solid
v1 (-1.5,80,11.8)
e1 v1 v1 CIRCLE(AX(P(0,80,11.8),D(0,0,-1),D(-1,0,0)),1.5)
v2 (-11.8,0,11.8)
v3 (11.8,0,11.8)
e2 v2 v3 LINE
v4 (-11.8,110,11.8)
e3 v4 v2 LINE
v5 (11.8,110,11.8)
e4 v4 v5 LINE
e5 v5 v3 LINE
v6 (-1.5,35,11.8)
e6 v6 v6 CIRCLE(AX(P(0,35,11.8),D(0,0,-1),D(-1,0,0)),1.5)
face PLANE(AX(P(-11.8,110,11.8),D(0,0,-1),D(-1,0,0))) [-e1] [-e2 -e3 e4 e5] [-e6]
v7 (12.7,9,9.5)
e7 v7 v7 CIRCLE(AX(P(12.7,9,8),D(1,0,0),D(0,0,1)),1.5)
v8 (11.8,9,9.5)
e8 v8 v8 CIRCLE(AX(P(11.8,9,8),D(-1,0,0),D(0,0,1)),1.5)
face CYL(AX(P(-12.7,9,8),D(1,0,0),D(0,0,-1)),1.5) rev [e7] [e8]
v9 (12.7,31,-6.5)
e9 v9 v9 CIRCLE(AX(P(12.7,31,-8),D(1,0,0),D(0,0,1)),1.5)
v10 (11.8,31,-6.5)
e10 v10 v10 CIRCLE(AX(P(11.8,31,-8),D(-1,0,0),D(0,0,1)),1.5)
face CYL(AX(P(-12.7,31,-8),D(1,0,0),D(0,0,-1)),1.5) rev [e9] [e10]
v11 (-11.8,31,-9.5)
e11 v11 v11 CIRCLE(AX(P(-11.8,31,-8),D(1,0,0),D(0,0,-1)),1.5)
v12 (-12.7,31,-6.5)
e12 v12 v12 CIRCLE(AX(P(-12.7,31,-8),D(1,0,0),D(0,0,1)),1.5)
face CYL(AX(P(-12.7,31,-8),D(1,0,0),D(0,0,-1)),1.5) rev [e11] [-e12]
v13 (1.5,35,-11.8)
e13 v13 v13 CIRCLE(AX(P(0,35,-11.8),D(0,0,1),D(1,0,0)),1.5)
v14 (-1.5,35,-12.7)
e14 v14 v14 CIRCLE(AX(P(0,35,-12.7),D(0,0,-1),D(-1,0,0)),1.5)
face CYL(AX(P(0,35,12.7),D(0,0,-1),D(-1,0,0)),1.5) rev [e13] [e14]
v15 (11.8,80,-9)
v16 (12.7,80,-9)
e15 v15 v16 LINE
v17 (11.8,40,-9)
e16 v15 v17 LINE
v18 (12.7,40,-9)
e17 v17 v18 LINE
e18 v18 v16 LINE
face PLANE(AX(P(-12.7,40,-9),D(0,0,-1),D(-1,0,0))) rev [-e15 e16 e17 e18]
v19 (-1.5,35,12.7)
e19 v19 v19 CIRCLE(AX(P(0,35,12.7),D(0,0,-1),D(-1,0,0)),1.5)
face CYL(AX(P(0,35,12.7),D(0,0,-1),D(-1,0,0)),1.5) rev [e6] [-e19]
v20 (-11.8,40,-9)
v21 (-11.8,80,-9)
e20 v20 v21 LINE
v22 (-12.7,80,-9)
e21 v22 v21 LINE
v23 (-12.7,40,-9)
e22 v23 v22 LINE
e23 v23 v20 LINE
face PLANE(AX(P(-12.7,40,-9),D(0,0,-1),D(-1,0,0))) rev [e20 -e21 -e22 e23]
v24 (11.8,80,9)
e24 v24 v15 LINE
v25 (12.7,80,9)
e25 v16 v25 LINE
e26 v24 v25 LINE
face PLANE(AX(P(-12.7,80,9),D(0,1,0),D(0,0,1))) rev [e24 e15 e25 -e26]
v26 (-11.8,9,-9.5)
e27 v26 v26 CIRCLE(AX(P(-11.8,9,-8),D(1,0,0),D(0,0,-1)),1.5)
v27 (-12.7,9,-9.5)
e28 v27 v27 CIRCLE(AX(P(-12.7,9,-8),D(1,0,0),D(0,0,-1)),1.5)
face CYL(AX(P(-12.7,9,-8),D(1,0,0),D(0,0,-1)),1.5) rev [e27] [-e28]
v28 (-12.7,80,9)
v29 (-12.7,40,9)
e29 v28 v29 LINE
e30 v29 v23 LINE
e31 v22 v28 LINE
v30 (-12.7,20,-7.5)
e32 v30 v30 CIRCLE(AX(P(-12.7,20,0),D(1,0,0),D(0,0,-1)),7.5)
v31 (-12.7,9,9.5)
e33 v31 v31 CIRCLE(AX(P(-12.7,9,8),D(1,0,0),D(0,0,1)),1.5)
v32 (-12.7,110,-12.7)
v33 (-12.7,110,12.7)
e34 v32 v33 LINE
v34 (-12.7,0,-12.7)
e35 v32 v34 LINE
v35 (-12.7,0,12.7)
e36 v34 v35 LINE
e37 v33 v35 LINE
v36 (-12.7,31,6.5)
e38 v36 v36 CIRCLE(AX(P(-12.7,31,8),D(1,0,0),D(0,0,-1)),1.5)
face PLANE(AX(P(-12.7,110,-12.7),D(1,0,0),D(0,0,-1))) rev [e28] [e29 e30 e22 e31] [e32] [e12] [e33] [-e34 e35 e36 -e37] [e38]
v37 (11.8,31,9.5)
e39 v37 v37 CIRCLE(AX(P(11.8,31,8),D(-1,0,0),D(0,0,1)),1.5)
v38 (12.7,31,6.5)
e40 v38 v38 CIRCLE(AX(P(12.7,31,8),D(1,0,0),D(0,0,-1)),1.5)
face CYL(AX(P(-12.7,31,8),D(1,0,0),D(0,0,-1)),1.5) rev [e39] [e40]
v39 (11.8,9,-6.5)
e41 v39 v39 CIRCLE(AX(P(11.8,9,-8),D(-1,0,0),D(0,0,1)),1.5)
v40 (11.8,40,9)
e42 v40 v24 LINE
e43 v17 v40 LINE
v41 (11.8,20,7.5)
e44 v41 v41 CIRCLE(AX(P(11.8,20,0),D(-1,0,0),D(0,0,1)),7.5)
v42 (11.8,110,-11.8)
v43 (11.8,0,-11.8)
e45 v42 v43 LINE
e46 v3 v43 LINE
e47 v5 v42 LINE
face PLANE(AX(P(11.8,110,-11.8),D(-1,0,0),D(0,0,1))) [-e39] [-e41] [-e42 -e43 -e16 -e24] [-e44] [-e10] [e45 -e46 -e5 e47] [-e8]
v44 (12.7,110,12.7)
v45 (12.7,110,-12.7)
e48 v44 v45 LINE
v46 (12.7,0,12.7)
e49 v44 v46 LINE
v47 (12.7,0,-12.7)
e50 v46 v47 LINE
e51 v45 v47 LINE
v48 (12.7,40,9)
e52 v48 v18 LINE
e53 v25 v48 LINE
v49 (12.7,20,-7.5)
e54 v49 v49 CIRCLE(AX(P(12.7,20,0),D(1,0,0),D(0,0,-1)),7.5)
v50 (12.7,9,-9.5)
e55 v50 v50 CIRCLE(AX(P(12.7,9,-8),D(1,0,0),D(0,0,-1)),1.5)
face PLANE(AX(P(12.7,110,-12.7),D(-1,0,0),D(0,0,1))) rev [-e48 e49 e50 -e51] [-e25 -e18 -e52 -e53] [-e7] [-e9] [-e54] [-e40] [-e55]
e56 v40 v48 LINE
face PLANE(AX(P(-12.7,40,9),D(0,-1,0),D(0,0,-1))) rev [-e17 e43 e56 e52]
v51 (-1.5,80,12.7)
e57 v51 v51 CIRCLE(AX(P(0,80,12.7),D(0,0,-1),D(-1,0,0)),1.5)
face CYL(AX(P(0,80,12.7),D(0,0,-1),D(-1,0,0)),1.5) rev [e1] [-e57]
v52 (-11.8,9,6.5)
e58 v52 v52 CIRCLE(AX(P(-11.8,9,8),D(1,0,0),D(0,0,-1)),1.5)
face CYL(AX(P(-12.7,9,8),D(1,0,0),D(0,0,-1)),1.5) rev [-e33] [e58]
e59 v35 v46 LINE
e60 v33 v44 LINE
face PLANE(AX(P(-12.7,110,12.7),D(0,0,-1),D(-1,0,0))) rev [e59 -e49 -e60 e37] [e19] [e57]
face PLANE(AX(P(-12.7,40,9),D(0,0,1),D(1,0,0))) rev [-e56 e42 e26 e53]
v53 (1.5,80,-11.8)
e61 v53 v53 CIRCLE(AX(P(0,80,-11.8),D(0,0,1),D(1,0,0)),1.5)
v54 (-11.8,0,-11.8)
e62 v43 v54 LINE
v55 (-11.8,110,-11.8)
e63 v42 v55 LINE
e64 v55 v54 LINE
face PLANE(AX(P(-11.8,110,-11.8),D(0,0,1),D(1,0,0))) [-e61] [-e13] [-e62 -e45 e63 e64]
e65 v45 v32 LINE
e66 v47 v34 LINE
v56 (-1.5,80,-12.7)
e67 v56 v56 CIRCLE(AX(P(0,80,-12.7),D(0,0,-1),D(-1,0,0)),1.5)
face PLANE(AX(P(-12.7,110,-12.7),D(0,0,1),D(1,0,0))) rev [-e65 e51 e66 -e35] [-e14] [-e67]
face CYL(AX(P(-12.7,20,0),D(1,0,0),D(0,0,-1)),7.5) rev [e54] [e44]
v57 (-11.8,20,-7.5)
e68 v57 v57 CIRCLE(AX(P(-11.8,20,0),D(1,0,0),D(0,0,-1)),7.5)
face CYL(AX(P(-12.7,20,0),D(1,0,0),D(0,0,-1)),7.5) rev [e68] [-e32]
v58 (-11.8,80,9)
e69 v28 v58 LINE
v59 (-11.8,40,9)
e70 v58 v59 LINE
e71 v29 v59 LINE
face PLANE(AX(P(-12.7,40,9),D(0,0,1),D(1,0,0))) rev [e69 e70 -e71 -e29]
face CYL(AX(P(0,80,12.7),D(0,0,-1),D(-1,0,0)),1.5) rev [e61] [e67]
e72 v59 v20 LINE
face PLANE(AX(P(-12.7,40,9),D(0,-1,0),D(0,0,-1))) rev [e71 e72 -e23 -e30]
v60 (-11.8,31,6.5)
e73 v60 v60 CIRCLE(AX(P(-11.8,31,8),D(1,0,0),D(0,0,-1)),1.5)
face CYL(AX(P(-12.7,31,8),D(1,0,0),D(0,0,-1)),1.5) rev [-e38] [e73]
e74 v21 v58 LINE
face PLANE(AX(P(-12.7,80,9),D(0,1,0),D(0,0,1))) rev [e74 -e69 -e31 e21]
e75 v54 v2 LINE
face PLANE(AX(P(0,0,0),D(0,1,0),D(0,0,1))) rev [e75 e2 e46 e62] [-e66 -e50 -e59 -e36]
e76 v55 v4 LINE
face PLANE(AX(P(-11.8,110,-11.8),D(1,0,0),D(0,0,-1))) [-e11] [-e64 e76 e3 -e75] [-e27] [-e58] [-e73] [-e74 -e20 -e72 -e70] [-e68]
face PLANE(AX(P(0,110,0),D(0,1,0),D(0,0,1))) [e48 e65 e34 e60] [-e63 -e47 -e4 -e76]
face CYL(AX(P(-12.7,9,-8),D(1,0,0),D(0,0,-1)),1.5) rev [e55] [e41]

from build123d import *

# Parameters (mm, degrees)
SKETCH1_W           = 25.4
SKETCH1_H           = 25.4
SKETCH1_W_2         = 23.6
SKETCH1_H_2         = 23.6
BOSS_EXTRUDE1_DEPTH = 110
SKETCH2_R           = 7.5
SKETCH2_W           = 18
SKETCH2_H           = 40
CUT_EXTRUDE1_DEPTH  = 25.4
SKETCH3_R           = 1.5
CUT_EXTRUDE2_DEPTH  = 25.4
SKETCH4_R           = 1.5
CUT_EXTRUDE3_DEPTH  = 25.4


with BuildPart() as part:
    # Sketch1 → Boss-Extrude1 (new body)
    with BuildSketch(Plane(origin=(0, 0, 0), x_dir=(1, 0, 0), z_dir=(0, 1, 0))):
        Rectangle(SKETCH1_W, SKETCH1_H)
        Rectangle(SKETCH1_W_2, SKETCH1_H_2, mode=Mode.SUBTRACT)
    extrude(amount=BOSS_EXTRUDE1_DEPTH)

    # Sketch2 → Cut-Extrude1 (cut)
    with BuildSketch(Plane(origin=(12.7, 0, 0), x_dir=(0, 0, -1), z_dir=(1, 0, 0))):
        with Locations((0, 20)):
            Circle(SKETCH2_R)
        with Locations((0, 60)):
            Rectangle(SKETCH2_W, SKETCH2_H)
    extrude(amount=-CUT_EXTRUDE1_DEPTH, mode=Mode.SUBTRACT)

    # Sketch3 → Cut-Extrude2 (cut)
    with BuildSketch(Plane(origin=(0, 0, -12.7), x_dir=(-1, 0, 0), z_dir=(0, 0, -1))):
        with Locations((0, 35)):
            Circle(SKETCH3_R)
        with Locations((0, 80)):
            Circle(SKETCH3_R)
    extrude(amount=-CUT_EXTRUDE2_DEPTH, mode=Mode.SUBTRACT)

    # Sketch4 → Cut-Extrude3 (cut)
    with BuildSketch(Plane(origin=(12.7, 0, 0), x_dir=(0, 0, -1), z_dir=(1, 0, 0))):
        with Locations((8, 9)):
            Circle(SKETCH4_R)
        with Locations(Location((8, 31, 0), (0, 0, 180))):
            Circle(SKETCH4_R)
        with Locations(Location((-8, 9, 0), (0, 0, 180))):
            Circle(SKETCH4_R)
        with Locations((-8, 31)):
            Circle(SKETCH4_R)
    extrude(amount=-CUT_EXTRUDE3_DEPTH, mode=Mode.SUBTRACT)


solid = part.part
